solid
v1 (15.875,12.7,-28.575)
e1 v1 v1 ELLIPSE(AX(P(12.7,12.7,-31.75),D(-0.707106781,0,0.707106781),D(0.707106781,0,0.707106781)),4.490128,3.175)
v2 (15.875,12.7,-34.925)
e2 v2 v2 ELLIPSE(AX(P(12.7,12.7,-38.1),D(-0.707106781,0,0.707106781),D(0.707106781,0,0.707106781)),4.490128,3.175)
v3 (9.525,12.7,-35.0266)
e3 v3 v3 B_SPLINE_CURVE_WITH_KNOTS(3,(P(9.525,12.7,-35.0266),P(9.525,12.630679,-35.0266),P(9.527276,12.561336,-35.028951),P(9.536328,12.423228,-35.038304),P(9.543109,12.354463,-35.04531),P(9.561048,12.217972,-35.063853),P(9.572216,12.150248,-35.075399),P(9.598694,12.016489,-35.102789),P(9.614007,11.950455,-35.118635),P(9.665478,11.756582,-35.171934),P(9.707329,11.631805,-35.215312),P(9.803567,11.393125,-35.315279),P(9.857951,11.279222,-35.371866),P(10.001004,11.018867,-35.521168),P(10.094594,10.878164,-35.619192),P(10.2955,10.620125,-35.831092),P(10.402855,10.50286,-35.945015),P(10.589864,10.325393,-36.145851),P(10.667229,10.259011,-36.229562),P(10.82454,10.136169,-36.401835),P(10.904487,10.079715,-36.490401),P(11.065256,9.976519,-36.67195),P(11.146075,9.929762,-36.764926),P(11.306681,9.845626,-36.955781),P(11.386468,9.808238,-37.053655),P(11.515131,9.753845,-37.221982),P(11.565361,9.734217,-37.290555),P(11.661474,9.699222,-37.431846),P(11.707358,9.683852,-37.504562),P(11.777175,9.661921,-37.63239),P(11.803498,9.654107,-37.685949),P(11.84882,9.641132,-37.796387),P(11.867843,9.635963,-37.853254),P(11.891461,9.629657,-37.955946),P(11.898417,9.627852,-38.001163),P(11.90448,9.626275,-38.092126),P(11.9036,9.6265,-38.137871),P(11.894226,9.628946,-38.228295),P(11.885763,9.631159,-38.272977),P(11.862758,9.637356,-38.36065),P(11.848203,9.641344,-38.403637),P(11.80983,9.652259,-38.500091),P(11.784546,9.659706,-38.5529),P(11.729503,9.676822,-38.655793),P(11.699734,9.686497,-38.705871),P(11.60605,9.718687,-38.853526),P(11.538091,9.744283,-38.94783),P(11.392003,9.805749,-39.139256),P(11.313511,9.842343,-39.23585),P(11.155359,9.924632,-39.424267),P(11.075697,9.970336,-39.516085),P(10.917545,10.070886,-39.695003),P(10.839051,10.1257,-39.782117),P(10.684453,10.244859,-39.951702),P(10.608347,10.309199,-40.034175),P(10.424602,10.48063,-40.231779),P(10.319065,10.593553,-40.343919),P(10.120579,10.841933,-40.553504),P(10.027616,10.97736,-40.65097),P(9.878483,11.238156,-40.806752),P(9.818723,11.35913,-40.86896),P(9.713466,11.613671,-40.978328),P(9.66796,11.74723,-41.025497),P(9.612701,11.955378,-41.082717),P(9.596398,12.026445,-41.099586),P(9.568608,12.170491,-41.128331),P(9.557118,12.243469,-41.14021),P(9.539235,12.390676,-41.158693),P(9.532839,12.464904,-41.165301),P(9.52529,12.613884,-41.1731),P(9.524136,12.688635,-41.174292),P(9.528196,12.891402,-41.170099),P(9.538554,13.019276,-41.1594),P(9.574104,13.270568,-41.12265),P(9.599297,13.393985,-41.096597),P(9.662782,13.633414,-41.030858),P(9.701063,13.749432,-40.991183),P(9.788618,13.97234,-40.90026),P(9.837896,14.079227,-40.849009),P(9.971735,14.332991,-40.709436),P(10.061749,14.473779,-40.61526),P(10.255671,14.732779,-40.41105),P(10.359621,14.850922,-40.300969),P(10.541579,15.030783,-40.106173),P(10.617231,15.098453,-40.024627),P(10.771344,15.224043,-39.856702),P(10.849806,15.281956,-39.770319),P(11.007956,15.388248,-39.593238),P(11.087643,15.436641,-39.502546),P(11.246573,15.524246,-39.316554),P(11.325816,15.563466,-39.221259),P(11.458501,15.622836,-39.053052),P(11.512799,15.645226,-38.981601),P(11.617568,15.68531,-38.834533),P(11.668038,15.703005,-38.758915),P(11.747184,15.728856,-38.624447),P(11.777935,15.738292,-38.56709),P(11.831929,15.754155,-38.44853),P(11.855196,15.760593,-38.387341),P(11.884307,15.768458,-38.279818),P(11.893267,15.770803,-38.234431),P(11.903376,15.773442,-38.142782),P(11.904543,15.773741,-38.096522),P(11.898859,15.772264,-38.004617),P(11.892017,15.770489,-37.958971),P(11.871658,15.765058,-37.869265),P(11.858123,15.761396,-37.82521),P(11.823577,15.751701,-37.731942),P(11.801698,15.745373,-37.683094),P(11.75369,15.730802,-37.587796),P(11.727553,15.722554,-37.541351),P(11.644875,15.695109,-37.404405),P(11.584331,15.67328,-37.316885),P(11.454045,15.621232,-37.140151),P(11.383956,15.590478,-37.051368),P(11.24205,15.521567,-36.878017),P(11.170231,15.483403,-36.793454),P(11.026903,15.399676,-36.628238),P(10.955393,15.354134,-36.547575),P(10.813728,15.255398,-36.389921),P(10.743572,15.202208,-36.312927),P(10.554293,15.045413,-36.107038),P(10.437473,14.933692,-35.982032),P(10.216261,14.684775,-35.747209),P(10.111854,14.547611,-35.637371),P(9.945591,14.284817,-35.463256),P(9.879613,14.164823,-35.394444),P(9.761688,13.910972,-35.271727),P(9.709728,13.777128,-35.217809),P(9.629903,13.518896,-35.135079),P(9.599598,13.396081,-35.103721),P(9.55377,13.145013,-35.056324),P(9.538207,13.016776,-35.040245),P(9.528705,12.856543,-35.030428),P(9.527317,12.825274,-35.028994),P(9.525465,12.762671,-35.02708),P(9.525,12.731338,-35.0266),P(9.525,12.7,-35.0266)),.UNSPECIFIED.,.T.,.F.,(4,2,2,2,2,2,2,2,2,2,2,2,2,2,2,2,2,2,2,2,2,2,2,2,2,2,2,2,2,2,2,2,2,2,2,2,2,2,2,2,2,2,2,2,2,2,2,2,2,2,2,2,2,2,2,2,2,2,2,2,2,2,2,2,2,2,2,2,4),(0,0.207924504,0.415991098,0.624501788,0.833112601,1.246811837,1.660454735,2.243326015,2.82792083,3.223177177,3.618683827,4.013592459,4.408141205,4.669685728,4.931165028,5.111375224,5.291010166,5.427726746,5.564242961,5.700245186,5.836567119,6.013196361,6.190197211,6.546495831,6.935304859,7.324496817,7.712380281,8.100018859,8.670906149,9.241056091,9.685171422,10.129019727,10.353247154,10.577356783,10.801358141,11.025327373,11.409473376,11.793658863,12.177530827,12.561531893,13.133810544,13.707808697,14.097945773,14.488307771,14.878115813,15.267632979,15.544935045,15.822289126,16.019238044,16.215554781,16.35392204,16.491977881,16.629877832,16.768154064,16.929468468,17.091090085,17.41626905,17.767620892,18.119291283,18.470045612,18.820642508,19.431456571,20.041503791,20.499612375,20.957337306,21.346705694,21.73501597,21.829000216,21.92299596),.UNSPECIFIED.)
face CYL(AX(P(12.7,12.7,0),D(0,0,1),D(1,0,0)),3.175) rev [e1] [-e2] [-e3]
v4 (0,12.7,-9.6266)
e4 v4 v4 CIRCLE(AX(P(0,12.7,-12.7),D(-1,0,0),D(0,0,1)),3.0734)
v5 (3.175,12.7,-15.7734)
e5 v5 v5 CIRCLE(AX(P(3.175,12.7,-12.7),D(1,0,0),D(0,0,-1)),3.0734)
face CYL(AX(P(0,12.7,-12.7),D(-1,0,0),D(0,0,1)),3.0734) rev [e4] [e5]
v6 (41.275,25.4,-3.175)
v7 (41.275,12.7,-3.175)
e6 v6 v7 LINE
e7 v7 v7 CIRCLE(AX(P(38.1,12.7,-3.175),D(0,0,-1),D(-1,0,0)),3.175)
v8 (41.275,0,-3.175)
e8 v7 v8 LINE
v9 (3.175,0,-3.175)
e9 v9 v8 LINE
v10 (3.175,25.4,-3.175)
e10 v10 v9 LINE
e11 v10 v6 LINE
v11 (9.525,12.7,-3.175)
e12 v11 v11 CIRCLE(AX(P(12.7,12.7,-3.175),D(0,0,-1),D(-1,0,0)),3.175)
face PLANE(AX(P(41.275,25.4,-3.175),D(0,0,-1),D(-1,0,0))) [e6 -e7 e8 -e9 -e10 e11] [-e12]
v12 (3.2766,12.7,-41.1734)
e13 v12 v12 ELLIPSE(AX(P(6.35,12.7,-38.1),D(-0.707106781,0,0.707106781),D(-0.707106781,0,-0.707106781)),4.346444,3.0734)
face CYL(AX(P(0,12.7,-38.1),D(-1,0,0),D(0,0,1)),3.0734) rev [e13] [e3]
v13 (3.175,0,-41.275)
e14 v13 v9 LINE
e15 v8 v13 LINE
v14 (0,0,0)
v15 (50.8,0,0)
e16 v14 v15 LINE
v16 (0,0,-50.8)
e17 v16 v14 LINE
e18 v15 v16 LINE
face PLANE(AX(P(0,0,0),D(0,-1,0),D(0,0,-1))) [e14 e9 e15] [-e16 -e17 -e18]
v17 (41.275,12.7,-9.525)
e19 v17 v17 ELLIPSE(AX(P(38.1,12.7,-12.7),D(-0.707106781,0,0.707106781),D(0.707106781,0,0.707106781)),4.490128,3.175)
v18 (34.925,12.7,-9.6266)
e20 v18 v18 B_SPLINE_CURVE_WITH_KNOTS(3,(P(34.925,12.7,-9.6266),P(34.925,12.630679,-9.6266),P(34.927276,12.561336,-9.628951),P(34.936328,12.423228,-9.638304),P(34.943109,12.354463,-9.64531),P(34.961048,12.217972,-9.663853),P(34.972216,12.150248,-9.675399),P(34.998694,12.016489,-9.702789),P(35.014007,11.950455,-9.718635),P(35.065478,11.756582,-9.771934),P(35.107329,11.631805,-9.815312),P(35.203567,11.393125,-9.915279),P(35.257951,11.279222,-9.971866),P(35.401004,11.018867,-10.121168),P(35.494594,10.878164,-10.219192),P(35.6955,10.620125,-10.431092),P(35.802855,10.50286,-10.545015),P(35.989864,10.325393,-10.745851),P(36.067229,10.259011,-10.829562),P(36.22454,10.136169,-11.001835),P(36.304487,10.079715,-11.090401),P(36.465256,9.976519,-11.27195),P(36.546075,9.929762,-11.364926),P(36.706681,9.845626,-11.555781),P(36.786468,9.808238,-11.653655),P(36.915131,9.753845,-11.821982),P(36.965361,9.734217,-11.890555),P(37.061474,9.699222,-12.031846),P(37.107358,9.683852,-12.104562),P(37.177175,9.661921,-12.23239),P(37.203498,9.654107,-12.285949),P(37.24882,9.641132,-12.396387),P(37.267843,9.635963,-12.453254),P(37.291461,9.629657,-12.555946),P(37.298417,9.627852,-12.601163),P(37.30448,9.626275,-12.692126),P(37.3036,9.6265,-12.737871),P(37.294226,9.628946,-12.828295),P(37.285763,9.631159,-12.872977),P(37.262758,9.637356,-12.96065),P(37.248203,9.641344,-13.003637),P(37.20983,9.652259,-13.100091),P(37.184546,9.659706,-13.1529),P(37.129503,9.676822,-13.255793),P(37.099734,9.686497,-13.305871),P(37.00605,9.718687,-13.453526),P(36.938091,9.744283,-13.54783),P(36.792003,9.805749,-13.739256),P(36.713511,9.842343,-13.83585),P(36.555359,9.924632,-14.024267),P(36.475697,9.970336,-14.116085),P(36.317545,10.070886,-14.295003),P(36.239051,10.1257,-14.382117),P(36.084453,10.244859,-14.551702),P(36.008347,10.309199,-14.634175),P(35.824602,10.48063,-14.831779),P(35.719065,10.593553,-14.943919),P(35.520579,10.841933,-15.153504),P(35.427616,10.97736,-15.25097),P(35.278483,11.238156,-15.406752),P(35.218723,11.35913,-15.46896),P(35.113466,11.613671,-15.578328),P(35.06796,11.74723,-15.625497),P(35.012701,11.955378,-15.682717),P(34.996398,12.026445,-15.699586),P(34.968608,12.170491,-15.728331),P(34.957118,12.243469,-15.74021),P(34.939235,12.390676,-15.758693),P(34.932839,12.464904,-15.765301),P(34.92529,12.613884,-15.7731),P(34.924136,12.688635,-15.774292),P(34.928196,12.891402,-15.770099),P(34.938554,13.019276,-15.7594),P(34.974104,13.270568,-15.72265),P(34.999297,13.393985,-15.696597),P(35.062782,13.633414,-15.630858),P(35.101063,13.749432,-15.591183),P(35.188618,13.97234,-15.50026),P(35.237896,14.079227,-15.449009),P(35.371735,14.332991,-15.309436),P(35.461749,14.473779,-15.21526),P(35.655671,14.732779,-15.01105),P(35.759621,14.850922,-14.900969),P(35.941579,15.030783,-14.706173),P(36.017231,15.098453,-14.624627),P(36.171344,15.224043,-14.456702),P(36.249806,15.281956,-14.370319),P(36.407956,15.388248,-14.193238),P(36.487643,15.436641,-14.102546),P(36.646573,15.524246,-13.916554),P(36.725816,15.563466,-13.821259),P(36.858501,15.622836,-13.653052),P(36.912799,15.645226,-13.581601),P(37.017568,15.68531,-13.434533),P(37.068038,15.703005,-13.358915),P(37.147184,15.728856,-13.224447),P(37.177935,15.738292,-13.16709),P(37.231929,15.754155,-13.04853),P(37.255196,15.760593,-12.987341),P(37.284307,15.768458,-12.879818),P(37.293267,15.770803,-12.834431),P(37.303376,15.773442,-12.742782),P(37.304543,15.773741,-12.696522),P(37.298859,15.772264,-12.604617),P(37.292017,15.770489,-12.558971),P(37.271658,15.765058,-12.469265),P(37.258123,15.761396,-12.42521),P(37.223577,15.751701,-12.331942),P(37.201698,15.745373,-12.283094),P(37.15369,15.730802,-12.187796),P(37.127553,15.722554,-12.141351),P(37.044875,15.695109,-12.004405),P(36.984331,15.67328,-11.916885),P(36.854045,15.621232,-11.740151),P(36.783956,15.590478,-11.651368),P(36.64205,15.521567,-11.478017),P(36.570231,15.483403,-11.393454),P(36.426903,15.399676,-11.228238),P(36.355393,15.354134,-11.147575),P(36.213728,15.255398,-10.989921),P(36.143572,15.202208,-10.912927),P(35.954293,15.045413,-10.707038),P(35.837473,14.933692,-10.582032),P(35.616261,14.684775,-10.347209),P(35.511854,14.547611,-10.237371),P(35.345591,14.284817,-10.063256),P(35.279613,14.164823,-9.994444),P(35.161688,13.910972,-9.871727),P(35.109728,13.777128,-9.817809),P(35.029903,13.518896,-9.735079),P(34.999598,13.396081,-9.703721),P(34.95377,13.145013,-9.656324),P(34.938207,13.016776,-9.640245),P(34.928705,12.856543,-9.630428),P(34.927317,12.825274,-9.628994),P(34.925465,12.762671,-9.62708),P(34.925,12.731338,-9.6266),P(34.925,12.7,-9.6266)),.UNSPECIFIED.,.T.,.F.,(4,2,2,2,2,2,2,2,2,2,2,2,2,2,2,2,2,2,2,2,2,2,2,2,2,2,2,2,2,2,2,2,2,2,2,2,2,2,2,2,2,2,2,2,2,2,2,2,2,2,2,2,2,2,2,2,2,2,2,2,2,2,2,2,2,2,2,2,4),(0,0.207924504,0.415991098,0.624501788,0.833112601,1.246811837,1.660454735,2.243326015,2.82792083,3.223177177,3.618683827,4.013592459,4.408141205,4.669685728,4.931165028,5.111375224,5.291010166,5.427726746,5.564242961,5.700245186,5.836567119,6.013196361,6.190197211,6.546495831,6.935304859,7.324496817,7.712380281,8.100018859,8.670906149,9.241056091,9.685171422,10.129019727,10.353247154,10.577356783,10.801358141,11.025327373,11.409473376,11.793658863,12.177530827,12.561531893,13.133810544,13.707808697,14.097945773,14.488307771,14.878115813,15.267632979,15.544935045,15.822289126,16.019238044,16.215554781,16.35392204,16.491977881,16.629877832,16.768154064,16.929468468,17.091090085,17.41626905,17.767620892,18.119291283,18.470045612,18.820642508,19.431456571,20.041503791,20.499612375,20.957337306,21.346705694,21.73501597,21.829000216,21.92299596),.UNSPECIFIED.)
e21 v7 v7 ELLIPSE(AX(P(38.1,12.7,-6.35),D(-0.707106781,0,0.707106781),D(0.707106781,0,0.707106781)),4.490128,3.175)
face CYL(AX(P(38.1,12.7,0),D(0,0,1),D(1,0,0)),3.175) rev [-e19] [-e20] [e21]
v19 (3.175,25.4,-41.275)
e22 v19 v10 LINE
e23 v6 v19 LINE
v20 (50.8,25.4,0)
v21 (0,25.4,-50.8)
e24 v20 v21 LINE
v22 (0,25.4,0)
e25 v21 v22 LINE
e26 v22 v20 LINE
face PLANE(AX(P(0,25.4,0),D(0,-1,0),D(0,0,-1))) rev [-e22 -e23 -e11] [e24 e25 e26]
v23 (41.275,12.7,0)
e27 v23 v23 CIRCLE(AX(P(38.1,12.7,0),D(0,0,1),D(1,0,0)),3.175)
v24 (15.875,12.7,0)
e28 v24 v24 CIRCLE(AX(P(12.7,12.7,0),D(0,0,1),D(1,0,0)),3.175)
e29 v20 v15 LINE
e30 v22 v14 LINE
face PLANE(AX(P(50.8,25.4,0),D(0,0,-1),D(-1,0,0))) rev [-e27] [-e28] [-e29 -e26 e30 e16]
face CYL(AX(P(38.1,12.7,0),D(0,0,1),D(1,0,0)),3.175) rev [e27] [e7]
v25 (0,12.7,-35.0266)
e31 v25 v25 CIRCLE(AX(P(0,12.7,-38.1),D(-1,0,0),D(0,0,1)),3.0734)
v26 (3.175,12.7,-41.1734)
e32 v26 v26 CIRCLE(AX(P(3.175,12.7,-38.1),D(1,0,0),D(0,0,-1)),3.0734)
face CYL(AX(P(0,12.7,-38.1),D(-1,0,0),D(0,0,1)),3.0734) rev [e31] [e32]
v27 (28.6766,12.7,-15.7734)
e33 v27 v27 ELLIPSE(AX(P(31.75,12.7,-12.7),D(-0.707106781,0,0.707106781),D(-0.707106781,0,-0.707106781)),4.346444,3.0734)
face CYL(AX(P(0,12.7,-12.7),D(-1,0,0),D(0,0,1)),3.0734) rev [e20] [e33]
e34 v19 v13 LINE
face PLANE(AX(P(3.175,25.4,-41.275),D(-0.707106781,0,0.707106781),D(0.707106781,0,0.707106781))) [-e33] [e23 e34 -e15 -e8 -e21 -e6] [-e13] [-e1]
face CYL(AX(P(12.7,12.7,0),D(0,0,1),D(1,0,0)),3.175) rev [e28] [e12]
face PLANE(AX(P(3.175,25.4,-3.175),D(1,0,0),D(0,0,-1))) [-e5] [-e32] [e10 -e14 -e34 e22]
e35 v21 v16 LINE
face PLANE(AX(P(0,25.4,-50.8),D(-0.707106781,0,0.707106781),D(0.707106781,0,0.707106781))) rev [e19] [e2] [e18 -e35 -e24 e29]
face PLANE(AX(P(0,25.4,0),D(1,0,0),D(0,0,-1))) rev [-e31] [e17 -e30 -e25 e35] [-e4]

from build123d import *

# Parameters (mm, degrees)
BOSS_EXTRUDE1_DEPTH         = 25.4
C_0_242_DIAMETER_HOLE1_D    = 6.1468
F_1_4_0_25_DIAMETER_HOLE1_D = 6.35


with BuildPart() as part:
    # Sketch1 → Boss-Extrude1 (new body)
    with BuildSketch(Plane(origin=(0, 0, 0), x_dir=(1, 0, 0), z_dir=(0, 1, 0))):
        Polygon((0, 0), (0, 50.8), (50.8, 0), align=None)
        Polygon((3.175, 3.175), (3.175, 41.275), (41.275, 3.175), align=None, mode=Mode.SUBTRACT)
    extrude(amount=BOSS_EXTRUDE1_DEPTH)

    # C (0.242) Diameter Hole1 (through all)
    with Locations(Plane.ZY):
        with Locations((-12.7, 12.7), (-38.1, 12.7)):
            Hole(C_0_242_DIAMETER_HOLE1_D / 2)

    # 1/4 (0.25) Diameter Hole1 (through all)
    with Locations(Plane.XY):
        with Locations((38.1, 12.7), (12.7, 12.7)):
            Hole(F_1_4_0_25_DIAMETER_HOLE1_D / 2)


solid = part.part
